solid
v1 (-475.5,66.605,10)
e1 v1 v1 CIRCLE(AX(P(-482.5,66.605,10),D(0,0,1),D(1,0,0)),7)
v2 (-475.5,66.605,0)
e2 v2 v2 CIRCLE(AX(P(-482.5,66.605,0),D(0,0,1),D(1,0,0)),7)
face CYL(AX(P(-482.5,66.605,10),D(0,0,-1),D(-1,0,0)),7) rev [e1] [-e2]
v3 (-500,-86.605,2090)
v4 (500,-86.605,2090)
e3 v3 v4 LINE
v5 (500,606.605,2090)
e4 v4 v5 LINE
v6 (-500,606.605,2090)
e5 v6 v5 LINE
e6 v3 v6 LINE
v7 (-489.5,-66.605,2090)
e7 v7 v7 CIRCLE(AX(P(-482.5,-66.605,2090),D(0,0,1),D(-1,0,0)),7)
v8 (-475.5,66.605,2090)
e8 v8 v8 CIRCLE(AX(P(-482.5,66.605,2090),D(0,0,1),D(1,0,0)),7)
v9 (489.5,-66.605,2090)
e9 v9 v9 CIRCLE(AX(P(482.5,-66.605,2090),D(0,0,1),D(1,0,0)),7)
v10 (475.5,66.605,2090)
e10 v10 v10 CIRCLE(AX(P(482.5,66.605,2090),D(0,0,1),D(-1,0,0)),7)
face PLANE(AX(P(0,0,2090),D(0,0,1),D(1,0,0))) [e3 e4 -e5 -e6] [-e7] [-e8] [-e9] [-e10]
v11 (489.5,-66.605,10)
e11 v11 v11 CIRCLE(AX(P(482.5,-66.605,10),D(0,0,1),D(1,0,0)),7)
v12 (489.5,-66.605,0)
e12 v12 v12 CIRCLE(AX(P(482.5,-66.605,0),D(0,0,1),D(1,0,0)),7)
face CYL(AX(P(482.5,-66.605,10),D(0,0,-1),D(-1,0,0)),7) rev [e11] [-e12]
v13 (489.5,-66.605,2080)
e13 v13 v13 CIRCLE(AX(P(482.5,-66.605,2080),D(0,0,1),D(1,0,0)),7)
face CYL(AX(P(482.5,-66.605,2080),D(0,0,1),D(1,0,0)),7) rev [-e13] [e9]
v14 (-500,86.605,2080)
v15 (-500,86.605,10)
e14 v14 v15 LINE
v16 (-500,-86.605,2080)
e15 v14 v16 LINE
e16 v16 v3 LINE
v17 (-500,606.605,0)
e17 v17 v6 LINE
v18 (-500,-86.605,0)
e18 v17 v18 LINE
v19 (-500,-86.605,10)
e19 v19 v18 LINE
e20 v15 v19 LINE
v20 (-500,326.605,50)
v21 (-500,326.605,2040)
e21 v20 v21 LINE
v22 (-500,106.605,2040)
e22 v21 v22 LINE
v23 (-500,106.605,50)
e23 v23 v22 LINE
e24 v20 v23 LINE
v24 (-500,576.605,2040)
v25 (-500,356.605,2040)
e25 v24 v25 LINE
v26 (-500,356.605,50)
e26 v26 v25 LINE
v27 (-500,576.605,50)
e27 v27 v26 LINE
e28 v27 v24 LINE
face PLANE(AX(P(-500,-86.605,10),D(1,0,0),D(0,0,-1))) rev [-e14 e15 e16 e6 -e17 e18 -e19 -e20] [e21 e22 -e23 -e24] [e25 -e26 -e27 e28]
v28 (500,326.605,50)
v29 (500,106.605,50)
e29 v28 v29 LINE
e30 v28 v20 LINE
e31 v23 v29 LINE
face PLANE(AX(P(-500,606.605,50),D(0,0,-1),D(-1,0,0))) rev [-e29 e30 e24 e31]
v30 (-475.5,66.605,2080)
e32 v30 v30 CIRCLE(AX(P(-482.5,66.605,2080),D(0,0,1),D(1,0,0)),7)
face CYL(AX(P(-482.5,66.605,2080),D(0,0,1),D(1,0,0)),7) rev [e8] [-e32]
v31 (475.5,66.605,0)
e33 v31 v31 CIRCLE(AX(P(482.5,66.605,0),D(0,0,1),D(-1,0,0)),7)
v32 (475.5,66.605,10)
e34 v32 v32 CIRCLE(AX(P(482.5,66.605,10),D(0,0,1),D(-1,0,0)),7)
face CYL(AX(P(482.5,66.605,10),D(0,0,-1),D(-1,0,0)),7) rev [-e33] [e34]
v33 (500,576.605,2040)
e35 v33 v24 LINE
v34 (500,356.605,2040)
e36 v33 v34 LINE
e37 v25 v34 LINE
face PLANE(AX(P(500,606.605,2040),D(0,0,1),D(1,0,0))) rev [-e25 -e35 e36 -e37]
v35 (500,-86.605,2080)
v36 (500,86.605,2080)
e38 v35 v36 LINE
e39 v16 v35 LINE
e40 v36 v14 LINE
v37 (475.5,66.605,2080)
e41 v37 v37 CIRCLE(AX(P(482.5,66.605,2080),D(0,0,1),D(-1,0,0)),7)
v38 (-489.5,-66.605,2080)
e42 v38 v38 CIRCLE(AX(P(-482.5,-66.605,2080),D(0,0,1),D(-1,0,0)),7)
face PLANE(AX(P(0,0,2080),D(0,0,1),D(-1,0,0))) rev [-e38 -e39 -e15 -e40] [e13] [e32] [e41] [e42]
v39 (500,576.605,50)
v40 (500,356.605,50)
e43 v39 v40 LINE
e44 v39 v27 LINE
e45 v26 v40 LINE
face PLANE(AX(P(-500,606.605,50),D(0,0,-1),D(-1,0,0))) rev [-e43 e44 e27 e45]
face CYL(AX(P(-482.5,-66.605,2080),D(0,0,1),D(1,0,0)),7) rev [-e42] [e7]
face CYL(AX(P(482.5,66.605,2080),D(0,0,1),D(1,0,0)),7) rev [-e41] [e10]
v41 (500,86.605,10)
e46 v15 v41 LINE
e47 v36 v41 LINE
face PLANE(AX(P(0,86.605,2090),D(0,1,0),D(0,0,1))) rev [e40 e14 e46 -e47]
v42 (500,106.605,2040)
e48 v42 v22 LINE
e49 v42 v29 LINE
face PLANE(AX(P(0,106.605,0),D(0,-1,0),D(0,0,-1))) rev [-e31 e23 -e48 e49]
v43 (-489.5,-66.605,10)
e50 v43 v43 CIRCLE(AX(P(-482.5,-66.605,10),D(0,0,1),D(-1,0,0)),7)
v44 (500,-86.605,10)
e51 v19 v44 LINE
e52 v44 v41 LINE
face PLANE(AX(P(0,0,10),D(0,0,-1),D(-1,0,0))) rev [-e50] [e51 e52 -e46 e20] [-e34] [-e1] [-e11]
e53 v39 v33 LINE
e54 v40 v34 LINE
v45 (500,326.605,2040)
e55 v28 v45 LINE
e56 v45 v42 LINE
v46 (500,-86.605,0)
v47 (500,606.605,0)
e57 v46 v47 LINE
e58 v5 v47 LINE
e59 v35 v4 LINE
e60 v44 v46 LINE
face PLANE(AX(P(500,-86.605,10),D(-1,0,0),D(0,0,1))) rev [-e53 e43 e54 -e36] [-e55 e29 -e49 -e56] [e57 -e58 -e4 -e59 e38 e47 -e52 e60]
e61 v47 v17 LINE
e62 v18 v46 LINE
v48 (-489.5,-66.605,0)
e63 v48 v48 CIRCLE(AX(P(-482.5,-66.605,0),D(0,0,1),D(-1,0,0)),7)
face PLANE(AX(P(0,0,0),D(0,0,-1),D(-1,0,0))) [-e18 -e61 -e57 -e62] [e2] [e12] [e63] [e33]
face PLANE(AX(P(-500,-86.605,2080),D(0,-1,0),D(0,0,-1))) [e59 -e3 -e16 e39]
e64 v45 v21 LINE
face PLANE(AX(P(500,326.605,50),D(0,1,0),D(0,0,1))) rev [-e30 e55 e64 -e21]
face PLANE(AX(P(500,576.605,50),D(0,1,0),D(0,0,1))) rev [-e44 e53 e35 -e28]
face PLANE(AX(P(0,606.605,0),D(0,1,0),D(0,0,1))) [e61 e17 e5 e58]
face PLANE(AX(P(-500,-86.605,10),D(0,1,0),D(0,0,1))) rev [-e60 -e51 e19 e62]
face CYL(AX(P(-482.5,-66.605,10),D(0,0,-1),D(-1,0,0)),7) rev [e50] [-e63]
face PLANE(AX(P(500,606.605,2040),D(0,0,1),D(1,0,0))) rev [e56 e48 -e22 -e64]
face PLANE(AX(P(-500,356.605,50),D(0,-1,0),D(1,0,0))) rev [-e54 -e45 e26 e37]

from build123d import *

# Parameters (mm, degrees)
SZKIC1_W                    = 1000
SZKIC1_H                    = 173.21
SZKIC1_R                    = 7
DODANIE_WYCI_GNI_CIE1_DEPTH = 10
SZKIC3_W                    = 1000
SZKIC3_H                    = 10
DODANIE_WYCI_GNI_CIE3_DEPTH = 20
SZKIC4_W                    = 1000
SZKIC4_H                    = 20
DODANIE_WYCI_GNI_CIE4_DEPTH = 2080
SZKIC5_W                    = 1000
SZKIC5_H                    = 50
DODANIE_WYCI_GNI_CIE5_DEPTH = 500
SZKIC6_W                    = 1000
SZKIC6_H                    = 30
DODANIE_WYCI_GNI_CIE6_DEPTH = 1990
SZYK_LINIOWY1_COUNT         = 2
SZYK_LINIOWY1_PITCH         = 250


with BuildPart() as part:
    # Szkic1 → Dodanie-wyciągnięcie1 (new body)
    with BuildSketch(Plane.XY):
        Rectangle(SZKIC1_W, SZKIC1_H)
        with Locations((-482.5, 66.605)):
            Circle(SZKIC1_R, mode=Mode.SUBTRACT)
        with Locations(Location((482.5, 66.605, 0), (0, 0, 180))):
            Circle(SZKIC1_R, mode=Mode.SUBTRACT)
        with Locations(Location((-482.5, -66.605, 0), (0, 0, 180))):
            Circle(SZKIC1_R, mode=Mode.SUBTRACT)
        with Locations((482.5, -66.605)):
            Circle(SZKIC1_R, mode=Mode.SUBTRACT)
    dodanie_wyci_gni_cie1 = extrude(amount=DODANIE_WYCI_GNI_CIE1_DEPTH)

    # Szkic3 → Dodanie-wyciągnięcie3 (add)
    with BuildSketch(Plane(origin=(0, 86.605, 0), x_dir=(1, 0, 0), z_dir=(0, 1, 0))):
        with Locations((0, -5)):
            Rectangle(SZKIC3_W, SZKIC3_H)
    extrude(amount=DODANIE_WYCI_GNI_CIE3_DEPTH)

    # Szkic4 → Dodanie-wyciągnięcie4 (add)
    with BuildSketch(Plane.XY.offset(10)):
        with Locations((0, 96.605)):
            Rectangle(SZKIC4_W, SZKIC4_H)
    extrude(amount=DODANIE_WYCI_GNI_CIE4_DEPTH)

    # Lustro1: Dodanie-wyciągnięcie1 across plane
    add(dodanie_wyci_gni_cie1.mirror(Plane(origin=(0, 0, 1045), x_dir=(1, 0, 0), z_dir=(0, 0, -1))))

    # Szkic5 → Dodanie-wyciągnięcie5 (add)
    with BuildSketch(Plane(origin=(0, 106.605, 0), x_dir=(1, 0, 0), z_dir=(0, 1, 0))):
        with Locations((0, -2065)):
            Rectangle(SZKIC5_W, SZKIC5_H)
        with Locations((0, -25)):
            Rectangle(SZKIC5_W, SZKIC5_H)
    extrude(amount=DODANIE_WYCI_GNI_CIE5_DEPTH)

    # Szkic6 → Dodanie-wyciągnięcie6 (add)
    with BuildSketch(Plane(origin=(0, 0, 2040), x_dir=(-1, 0, 0), z_dir=(0, 0, -1))):
        with Locations((0, 341.605)):
            Rectangle(SZKIC6_W, SZKIC6_H)
    dodanie_wyci_gni_cie6 = extrude(amount=DODANIE_WYCI_GNI_CIE6_DEPTH)

    # Szyk liniowy1: Dodanie-wyciągnięcie6 ×2
    with Locations(*[(0, i * SZYK_LINIOWY1_PITCH, 0) for i in range(1, SZYK_LINIOWY1_COUNT)]):
        add(dodanie_wyci_gni_cie6)


solid = part.part
